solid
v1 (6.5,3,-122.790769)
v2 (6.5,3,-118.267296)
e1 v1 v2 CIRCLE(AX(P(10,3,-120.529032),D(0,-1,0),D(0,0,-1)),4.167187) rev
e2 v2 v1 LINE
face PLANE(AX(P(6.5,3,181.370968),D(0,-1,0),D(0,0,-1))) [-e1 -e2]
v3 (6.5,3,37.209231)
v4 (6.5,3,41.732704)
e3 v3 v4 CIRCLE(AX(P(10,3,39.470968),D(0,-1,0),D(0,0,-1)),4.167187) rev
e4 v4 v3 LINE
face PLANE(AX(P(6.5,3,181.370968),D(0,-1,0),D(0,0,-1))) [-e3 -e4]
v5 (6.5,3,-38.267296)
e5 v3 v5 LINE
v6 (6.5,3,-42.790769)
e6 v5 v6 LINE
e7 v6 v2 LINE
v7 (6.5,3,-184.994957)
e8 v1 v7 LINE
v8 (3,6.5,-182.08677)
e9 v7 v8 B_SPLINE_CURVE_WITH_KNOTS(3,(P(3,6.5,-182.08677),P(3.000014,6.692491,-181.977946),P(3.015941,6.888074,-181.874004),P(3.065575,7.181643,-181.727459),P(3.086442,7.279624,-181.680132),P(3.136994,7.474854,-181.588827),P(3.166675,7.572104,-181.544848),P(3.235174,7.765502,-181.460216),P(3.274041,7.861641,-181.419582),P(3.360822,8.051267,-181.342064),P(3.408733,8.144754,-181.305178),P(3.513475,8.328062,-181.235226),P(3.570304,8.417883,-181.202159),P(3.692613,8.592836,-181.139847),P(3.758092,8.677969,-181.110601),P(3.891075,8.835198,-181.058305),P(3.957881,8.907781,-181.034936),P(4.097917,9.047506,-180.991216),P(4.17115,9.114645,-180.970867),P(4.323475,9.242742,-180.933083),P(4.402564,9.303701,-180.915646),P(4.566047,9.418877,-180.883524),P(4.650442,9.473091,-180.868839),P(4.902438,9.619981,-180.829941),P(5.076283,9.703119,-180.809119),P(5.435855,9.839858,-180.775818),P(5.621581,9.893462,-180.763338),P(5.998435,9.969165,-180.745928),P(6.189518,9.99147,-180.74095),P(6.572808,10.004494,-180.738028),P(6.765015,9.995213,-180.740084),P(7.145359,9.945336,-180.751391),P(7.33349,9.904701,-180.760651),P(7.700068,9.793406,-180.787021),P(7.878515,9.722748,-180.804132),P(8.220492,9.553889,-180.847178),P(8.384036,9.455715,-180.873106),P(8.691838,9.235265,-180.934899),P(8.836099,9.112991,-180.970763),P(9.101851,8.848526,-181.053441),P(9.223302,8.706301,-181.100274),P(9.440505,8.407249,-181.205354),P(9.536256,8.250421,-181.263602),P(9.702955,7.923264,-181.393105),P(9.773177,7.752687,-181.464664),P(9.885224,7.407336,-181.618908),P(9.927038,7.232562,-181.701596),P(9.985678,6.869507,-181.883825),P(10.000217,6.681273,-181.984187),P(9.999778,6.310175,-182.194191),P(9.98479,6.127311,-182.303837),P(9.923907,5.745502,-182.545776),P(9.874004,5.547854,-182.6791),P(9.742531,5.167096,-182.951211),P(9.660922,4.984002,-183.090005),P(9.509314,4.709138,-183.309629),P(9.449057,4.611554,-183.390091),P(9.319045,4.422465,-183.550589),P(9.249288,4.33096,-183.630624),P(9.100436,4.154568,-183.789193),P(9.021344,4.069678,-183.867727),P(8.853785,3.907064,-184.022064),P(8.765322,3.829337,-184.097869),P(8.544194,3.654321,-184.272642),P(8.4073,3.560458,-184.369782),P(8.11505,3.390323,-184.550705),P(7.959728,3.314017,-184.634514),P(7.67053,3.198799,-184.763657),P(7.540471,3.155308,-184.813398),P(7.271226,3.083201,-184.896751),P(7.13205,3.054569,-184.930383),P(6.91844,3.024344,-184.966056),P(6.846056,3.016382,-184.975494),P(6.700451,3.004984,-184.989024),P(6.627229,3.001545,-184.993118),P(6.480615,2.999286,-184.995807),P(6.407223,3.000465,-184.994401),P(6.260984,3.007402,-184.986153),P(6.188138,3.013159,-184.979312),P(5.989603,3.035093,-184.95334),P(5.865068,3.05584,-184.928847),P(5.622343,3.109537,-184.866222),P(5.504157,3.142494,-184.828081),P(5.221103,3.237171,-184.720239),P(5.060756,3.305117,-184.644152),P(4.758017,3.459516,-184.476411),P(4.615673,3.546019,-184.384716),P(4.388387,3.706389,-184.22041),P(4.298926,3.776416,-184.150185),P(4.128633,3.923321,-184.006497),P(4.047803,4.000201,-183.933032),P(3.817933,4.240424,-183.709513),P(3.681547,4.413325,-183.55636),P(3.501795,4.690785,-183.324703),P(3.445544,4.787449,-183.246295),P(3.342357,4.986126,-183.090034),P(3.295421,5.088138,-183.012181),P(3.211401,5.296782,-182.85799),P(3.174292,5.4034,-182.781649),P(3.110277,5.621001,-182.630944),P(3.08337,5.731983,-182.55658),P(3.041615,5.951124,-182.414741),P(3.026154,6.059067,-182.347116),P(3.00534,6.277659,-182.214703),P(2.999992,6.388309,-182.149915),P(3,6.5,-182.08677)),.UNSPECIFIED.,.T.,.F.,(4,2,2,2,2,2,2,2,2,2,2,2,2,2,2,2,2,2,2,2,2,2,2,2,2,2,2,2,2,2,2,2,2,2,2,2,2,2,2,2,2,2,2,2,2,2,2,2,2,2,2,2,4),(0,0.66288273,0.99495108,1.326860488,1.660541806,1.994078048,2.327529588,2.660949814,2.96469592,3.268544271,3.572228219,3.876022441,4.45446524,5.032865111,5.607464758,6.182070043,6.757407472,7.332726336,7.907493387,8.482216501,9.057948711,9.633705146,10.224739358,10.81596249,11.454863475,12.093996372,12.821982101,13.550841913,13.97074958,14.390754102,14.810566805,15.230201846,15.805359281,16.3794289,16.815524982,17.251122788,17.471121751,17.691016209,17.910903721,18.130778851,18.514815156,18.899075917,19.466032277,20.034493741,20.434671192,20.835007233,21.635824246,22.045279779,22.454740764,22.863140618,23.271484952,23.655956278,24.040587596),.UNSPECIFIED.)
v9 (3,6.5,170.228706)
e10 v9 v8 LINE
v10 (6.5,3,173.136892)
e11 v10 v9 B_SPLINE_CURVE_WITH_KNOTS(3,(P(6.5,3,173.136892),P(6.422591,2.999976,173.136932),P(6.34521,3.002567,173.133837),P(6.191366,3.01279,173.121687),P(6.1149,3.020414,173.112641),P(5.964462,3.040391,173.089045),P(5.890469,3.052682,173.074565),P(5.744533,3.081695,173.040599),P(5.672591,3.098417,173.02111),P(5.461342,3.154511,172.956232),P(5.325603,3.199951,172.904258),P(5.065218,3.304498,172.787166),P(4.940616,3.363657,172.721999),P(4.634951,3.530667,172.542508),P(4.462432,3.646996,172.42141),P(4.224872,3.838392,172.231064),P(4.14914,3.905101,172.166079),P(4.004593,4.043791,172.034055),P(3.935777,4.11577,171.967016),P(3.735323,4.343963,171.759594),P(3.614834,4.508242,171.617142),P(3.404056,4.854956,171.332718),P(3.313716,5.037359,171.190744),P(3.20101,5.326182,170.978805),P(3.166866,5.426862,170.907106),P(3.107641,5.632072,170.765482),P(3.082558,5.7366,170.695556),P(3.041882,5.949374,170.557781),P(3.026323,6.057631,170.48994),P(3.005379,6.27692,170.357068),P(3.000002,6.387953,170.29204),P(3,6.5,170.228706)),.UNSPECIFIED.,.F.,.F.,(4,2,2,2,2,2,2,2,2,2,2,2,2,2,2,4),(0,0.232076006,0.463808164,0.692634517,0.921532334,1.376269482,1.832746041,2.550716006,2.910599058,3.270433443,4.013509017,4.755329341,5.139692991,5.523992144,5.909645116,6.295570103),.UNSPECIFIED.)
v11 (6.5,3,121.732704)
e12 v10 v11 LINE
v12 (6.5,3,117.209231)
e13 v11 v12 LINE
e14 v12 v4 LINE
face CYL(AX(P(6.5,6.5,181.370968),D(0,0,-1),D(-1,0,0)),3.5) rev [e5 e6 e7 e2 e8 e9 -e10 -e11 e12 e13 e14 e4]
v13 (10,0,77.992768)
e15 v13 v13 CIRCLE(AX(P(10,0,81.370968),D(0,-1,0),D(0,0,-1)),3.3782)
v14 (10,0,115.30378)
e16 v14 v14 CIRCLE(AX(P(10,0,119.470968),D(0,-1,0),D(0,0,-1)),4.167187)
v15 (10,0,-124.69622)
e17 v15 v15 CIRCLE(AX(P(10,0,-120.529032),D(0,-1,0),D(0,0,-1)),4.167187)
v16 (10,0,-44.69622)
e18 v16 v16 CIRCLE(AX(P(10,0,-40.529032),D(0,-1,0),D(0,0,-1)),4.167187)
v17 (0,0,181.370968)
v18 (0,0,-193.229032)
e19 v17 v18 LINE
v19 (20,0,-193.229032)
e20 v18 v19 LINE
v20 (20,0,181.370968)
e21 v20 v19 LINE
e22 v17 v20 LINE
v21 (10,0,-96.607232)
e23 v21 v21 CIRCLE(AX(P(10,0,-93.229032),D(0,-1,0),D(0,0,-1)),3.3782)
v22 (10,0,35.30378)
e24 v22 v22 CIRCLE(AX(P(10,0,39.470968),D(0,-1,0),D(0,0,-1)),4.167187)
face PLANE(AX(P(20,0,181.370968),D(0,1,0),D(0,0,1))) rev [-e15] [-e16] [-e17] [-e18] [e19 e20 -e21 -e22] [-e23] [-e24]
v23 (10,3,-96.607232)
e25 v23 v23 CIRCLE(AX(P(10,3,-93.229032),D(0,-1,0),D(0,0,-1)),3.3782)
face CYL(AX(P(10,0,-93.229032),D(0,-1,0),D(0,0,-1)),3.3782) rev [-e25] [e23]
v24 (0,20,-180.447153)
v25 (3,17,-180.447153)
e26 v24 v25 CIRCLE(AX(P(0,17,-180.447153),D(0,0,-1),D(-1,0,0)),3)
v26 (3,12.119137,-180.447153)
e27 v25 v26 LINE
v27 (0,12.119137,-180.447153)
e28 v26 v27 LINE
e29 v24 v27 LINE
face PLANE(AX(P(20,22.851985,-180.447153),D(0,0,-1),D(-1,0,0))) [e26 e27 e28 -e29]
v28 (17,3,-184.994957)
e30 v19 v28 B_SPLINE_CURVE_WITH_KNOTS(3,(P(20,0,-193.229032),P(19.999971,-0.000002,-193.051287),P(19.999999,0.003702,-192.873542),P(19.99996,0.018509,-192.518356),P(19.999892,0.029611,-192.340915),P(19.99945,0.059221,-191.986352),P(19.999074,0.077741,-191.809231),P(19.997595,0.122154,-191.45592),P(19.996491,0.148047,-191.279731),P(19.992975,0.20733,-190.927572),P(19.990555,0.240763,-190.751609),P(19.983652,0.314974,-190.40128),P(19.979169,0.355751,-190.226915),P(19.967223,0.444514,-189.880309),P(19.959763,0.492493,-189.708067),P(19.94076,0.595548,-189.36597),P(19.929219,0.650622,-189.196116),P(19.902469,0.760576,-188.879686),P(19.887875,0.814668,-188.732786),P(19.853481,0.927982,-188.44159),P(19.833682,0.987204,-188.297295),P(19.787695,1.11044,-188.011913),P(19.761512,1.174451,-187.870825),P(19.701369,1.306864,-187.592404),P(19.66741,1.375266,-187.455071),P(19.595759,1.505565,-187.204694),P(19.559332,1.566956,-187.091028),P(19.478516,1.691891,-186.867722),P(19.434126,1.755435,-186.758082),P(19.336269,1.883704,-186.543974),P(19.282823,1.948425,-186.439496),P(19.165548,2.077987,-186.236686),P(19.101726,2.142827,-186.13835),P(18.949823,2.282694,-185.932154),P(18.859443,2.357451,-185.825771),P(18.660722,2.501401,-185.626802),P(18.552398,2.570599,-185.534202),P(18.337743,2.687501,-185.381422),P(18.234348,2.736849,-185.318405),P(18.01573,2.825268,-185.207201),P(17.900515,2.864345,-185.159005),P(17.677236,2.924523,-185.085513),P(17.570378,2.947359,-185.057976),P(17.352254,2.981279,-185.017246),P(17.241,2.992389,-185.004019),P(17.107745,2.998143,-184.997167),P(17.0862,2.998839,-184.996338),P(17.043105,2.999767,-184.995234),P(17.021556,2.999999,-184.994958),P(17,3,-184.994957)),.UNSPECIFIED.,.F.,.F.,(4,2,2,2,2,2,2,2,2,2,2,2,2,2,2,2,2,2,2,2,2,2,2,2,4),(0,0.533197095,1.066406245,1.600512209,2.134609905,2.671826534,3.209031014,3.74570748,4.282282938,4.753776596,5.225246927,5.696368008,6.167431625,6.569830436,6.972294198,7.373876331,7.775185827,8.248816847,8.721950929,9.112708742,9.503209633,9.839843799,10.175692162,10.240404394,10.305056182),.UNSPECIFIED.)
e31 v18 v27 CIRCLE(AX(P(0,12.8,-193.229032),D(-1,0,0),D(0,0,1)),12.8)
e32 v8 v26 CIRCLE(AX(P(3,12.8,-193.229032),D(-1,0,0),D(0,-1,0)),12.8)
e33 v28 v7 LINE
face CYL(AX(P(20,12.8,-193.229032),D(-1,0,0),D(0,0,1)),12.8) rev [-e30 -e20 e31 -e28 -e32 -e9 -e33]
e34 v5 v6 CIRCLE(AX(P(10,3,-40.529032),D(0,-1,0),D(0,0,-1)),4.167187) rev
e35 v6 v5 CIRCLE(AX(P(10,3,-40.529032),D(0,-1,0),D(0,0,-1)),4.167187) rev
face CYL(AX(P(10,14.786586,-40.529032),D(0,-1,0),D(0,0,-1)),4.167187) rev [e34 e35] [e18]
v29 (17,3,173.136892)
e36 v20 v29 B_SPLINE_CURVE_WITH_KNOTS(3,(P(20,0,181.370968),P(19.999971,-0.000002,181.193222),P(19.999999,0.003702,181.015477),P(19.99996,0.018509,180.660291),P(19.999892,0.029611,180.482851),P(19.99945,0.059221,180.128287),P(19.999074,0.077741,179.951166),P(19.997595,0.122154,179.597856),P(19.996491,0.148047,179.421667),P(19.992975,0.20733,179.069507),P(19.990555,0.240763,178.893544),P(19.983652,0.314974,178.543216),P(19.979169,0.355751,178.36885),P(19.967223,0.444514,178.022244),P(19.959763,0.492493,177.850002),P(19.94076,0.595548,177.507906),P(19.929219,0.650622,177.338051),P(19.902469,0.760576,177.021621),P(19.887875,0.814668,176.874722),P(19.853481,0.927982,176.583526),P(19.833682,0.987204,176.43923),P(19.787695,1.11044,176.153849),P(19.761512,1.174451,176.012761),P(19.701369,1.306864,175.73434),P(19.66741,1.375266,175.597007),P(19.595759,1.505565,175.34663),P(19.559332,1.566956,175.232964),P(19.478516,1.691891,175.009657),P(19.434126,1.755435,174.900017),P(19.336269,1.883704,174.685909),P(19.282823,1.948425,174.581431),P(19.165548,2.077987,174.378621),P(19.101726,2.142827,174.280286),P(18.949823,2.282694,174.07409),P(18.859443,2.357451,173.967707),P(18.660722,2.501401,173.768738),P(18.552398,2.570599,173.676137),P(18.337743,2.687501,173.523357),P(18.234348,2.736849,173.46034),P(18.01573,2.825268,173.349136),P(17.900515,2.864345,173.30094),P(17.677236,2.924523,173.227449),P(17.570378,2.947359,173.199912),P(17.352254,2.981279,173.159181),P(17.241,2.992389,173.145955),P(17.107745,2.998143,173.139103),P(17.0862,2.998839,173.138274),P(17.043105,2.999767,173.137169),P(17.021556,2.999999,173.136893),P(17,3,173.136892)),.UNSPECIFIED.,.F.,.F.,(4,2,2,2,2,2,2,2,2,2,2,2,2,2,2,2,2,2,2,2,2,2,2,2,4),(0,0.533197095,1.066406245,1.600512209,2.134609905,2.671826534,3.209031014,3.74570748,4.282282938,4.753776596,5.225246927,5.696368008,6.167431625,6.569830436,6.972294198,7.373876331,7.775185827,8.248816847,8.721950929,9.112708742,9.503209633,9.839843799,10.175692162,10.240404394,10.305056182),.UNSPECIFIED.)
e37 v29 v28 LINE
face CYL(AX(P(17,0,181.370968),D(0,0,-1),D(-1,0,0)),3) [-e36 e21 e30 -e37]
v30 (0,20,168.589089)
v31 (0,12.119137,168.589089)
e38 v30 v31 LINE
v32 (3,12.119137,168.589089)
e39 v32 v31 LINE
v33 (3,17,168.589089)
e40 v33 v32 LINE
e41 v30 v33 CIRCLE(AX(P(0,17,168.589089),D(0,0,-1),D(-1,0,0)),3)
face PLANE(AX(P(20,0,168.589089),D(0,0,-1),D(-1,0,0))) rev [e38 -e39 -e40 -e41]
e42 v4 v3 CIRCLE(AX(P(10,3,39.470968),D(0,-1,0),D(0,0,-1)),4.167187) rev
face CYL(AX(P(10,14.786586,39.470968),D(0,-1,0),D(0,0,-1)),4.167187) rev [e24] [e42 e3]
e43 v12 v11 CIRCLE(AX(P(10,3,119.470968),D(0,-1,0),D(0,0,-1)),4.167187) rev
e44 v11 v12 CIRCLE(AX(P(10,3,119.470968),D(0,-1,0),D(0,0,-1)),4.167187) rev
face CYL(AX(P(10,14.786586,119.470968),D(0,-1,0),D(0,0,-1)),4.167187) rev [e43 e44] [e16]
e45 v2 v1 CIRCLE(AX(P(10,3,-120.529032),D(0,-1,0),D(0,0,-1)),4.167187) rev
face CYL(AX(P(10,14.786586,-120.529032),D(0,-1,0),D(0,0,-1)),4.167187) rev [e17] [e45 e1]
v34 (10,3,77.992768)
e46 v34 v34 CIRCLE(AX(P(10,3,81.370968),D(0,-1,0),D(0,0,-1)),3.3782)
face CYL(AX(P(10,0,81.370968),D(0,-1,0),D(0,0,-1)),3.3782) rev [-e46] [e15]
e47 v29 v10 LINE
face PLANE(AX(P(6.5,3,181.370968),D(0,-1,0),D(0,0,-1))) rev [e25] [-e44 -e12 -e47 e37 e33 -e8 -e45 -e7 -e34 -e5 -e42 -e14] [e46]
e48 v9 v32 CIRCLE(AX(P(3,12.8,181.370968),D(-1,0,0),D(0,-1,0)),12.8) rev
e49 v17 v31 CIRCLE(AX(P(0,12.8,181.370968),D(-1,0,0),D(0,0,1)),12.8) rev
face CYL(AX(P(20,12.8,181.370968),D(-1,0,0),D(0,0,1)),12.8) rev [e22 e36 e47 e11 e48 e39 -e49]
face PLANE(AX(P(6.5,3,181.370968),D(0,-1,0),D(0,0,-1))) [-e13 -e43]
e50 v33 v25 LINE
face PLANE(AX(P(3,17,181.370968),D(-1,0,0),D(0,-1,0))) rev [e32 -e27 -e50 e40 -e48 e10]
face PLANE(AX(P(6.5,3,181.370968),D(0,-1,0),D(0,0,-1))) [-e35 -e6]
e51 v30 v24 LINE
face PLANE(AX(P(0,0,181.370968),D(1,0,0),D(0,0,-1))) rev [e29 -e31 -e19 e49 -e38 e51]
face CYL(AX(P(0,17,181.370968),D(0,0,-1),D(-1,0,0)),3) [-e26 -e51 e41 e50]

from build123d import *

# Parameters (mm, degrees)
MIEMBRO_ESTRUCTURAL1_DEPTH    = 374.6
CORTAR_EXTRUIR2_DEPTH         = 196.288143284
TALADRO_DE_MARGEN_PARA_1_41_D = 6.7564
SKETCH2_R                     = 4.1671875
CUT_EXTRUDE2_DEPTH            = 3


with BuildPart() as part:
    # Sketch1 → Miembro estructural1 (new body)
    with BuildSketch(Plane.XY.offset(-193.229032258)):
        with BuildLine():
            Line((0, 0), (0, 20))
            ThreePointArc((0, 20), (2.121320344, 19.121320344), (3, 17))
            Line((3, 17), (3, 6.5))
            ThreePointArc((3, 6.5), (4.025126266, 4.025126266), (6.5, 3))
            Line((6.5, 3), (17, 3))
            ThreePointArc((17, 3), (19.121320344, 2.121320344), (20, 0))
            Line((20, 0), (0, 0))
        make_face()
    extrude(amount=MIEMBRO_ESTRUCTURAL1_DEPTH)

    # Croquis2 → Cortar-Extruir2 (cut, through all)
    with BuildSketch(Plane.YZ):
        with BuildLine():
            Line((12.119137035, 168.589088943), (20, 168.589088943))
            Line((20, 168.589088943), (20, 181.370967742))
            Line((20, 181.370967742), (0, 181.370967742))
            ThreePointArc((0, 181.370967742), (3.51143052, 172.56401157), (12.119137035, 168.589088943))
        make_face()
        with BuildLine():
            Line((22.851984592, -180.447153459), (12.119137035, -180.447153459))
            ThreePointArc((12.119137035, -180.447153459), (3.51143052, -184.422076086), (0, -193.229032258))
            Line((0, -193.229032258), (0, -196.975216041))
            Line((0, -196.975216041), (22.851984592, -196.975216041))
            Line((22.851984592, -196.975216041), (22.851984592, -180.447153459))
        make_face()
    extrude(amount=CORTAR_EXTRUIR2_DEPTH, mode=Mode.SUBTRACT)

    # Taladro de margen para 1/41 (through all)
    with Locations(Plane(origin=(0, 0, 0), x_dir=(-1, 0, 0), z_dir=(0, -1, 0))):
        with Locations((-10, -81.370967742), (-10, 93.229032258)):
            Hole(TALADRO_DE_MARGEN_PARA_1_41_D / 2)

    # Sketch2 → Cut-Extrude2 (cut)
    with BuildSketch(Plane.XZ):
        with Locations(Location((10, -40.529032258, 0), (0, 0, 270))):
            Circle(SKETCH2_R)
        with Locations(Location((10, 39.470967742, 0), (0, 0, 270))):
            Circle(SKETCH2_R)
        with Locations(Location((10, 119.470967742, 0), (0, 0, 270))):
            Circle(SKETCH2_R)
        with Locations(Location((10, -120.529032258, 0), (0, 0, 270))):
            Circle(SKETCH2_R)
    extrude(amount=-CUT_EXTRUDE2_DEPTH, mode=Mode.SUBTRACT)


solid = part.part
